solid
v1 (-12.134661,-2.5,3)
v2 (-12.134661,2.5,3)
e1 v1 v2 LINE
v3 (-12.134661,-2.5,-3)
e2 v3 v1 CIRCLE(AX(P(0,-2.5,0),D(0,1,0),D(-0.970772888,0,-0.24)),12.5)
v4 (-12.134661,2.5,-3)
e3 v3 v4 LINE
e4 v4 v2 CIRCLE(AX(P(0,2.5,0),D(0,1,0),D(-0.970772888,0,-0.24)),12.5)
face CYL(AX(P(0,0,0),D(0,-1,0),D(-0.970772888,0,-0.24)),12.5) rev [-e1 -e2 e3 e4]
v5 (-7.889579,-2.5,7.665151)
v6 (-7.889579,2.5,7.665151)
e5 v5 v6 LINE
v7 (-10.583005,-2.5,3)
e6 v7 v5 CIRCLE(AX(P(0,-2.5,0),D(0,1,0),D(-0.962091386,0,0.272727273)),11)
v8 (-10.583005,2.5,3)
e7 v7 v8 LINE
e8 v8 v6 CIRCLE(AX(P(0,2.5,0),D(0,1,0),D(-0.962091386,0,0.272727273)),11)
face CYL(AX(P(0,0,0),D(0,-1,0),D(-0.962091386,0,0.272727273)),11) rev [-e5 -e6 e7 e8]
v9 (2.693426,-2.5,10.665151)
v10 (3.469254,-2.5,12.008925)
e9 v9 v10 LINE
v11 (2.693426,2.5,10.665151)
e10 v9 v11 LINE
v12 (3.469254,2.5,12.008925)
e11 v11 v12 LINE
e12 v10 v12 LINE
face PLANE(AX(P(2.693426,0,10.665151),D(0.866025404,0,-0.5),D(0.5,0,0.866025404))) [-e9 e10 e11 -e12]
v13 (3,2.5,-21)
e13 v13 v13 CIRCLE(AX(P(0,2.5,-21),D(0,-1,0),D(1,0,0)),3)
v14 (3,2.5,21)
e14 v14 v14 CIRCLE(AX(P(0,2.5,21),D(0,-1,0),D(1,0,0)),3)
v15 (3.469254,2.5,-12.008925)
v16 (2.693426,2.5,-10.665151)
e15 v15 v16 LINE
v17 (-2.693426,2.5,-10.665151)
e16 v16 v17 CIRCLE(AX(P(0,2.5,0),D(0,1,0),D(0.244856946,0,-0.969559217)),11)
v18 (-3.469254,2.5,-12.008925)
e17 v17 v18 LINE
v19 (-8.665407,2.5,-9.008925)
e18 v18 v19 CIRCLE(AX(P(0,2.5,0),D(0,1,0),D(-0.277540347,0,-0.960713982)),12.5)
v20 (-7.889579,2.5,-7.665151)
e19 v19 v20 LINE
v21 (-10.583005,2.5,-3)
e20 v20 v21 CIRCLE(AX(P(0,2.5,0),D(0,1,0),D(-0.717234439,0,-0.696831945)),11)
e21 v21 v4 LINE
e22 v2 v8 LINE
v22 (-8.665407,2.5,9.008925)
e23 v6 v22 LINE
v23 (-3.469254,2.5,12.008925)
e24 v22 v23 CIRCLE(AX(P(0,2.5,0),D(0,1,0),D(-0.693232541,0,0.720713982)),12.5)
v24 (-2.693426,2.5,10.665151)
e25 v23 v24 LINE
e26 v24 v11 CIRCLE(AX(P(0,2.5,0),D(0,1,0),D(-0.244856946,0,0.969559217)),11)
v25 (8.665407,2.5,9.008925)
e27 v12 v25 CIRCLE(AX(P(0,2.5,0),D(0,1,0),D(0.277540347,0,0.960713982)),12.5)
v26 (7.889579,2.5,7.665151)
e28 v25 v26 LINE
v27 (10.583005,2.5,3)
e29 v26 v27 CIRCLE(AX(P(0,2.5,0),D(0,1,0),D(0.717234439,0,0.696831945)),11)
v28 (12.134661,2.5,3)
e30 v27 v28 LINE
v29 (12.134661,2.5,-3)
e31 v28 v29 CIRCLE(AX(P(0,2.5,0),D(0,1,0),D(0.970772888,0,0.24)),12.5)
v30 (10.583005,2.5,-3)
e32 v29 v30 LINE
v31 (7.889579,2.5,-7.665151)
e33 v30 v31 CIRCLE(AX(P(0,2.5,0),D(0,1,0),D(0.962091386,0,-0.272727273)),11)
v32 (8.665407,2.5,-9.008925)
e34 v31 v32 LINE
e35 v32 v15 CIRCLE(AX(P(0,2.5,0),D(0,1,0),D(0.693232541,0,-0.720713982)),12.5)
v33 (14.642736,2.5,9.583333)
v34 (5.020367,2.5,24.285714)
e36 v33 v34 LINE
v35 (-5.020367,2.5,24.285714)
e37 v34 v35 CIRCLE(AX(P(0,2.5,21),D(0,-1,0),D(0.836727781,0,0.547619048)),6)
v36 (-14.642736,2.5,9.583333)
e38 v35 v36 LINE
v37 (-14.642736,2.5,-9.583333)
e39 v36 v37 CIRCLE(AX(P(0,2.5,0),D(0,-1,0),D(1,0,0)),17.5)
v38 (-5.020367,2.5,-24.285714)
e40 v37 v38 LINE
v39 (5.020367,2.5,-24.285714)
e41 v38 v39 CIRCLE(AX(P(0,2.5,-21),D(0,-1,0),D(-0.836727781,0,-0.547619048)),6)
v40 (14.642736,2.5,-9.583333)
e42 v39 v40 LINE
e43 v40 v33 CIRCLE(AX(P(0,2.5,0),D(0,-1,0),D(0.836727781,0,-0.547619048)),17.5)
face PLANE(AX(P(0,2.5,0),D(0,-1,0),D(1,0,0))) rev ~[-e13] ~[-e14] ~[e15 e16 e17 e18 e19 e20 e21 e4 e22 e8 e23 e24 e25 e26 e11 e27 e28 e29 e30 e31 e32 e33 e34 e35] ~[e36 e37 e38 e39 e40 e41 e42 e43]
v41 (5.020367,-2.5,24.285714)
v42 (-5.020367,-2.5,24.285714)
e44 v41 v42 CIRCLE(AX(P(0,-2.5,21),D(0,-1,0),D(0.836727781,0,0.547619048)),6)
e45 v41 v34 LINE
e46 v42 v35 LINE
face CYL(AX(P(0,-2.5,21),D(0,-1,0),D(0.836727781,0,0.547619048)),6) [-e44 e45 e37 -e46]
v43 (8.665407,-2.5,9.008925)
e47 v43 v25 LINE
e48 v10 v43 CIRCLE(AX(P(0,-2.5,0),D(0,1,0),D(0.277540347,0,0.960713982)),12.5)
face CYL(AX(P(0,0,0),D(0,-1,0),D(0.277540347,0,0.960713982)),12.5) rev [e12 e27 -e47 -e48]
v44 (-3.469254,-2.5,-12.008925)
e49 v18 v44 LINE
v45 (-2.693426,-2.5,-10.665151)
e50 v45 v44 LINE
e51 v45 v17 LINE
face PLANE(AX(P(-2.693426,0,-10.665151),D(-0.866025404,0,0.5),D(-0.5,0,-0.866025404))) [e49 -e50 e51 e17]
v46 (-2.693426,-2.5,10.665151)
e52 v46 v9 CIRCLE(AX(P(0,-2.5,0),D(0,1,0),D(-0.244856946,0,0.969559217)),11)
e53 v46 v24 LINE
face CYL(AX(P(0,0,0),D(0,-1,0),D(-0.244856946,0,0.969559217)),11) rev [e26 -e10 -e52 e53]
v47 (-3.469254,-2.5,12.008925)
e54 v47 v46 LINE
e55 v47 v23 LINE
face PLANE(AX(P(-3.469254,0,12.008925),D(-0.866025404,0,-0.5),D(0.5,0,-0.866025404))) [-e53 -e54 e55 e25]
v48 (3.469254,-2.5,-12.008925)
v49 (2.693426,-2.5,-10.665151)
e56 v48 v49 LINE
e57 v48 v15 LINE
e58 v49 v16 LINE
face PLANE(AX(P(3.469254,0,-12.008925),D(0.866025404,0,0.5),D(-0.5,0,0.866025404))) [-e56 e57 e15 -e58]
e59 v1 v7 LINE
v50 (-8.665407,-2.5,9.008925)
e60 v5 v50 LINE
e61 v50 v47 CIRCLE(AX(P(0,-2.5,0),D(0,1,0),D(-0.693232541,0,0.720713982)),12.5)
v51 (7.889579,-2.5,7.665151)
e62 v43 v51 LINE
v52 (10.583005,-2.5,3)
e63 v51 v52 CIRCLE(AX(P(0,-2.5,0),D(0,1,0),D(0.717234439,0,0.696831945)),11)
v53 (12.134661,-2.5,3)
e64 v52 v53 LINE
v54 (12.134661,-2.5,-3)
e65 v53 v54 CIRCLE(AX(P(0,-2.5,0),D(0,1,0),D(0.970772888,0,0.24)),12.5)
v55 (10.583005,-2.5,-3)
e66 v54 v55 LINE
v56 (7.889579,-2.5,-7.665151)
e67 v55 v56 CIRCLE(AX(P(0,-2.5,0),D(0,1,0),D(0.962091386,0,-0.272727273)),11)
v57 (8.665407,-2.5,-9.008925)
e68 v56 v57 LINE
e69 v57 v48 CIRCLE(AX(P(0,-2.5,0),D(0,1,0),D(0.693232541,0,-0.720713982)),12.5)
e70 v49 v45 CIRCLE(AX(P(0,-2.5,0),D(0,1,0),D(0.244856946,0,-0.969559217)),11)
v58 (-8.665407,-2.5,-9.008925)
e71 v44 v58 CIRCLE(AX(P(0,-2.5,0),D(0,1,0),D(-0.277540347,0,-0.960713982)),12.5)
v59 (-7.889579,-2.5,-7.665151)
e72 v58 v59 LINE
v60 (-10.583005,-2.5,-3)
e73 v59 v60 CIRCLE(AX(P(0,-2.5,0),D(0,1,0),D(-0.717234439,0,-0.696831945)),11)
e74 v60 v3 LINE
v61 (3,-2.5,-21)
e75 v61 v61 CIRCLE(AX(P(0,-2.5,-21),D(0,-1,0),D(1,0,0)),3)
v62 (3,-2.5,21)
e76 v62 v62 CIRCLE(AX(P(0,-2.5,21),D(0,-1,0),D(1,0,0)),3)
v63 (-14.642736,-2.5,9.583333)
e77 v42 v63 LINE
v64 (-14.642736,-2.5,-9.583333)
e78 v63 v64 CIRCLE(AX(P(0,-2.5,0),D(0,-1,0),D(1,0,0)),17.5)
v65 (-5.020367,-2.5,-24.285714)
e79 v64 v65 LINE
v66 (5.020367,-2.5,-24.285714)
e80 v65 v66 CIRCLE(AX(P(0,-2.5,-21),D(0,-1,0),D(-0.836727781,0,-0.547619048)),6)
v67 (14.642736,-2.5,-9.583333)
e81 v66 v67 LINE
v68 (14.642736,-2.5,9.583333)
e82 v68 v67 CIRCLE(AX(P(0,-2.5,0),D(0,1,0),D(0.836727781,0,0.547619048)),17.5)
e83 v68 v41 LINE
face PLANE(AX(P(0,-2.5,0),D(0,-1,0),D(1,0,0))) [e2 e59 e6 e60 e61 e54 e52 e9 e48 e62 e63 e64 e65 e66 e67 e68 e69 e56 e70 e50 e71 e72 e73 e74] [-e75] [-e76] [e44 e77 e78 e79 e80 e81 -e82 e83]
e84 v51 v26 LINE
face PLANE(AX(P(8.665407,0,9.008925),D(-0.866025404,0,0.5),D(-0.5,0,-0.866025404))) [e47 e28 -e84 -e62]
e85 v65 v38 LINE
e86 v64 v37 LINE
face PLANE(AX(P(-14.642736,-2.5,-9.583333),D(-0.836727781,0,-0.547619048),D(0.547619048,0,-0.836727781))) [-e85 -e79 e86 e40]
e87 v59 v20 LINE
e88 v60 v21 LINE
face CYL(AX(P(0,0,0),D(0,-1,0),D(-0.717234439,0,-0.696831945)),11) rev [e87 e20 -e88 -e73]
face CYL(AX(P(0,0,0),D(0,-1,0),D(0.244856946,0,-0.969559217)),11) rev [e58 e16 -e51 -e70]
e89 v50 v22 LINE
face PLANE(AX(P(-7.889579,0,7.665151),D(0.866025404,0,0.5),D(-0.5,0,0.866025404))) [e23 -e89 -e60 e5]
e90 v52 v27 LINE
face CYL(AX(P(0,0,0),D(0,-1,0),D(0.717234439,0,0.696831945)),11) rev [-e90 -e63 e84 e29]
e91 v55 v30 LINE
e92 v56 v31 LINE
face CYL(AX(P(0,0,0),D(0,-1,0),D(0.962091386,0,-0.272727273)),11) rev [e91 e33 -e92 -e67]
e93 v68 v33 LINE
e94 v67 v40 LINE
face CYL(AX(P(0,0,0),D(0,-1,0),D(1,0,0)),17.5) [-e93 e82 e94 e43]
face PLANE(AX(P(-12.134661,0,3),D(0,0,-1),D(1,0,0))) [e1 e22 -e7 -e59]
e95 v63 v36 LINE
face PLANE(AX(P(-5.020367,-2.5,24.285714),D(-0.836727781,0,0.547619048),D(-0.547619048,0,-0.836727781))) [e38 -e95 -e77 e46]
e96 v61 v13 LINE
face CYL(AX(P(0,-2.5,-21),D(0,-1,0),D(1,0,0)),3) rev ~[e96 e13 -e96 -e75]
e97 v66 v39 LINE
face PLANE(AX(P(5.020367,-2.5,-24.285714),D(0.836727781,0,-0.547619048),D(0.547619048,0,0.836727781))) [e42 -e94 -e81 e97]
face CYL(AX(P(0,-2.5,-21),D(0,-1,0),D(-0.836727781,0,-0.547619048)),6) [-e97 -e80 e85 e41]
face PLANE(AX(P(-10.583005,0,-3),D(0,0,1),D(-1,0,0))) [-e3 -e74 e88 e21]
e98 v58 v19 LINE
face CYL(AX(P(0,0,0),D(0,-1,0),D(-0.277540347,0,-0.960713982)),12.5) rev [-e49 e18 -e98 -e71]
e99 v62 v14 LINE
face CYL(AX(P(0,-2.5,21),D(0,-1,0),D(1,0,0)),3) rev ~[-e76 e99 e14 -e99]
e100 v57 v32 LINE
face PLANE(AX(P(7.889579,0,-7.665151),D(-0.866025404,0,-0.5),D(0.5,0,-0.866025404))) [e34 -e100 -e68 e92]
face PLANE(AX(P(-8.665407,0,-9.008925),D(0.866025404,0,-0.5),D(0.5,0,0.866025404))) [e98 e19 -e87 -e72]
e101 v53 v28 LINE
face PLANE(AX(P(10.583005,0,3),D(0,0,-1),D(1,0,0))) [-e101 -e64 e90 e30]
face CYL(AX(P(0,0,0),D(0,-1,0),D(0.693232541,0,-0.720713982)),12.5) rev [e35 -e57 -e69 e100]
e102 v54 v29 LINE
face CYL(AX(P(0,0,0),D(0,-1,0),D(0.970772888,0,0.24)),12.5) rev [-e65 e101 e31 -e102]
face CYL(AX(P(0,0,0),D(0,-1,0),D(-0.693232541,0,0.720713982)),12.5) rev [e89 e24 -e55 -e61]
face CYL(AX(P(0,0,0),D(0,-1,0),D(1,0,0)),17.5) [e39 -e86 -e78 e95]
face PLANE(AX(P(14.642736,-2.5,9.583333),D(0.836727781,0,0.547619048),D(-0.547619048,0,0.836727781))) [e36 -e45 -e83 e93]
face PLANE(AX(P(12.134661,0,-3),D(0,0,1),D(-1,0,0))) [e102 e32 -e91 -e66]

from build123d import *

# Parameters (mm, degrees)
F0_R     = 17.5
F1_DEPTH = 2.5
F2_R     = 3
F3_DEPTH = 5


with BuildPart() as f1:
    # F0 (on Front) → F1 (new body, symmetric)
    with BuildSketch(Plane.XZ):
        Circle(F0_R)
        with BuildLine():
            ThreePointArc((-3.4692543384, -12.0089247785), (-6.25, -10.8253175473), (-8.6654067611, -9.0089247785))
            Line((-8.6654067611, -9.0089247785), (-7.8895788335, -7.6651513899))
            ThreePointArc((-7.8895788335, -7.6651513899), (-9.5262794416, -5.5), (-10.5830052443, -3))
            Line((-10.5830052443, -3), (-12.1346610995, -3))
            ThreePointArc((-12.1346610995, -3), (-12.5, 0), (-12.1346610995, 3))
            Line((-12.1346610995, 3), (-10.5830052443, 3))
            ThreePointArc((-10.5830052443, 3), (-9.5262794416, 5.5), (-7.8895788335, 7.6651513899))
            Line((-7.8895788335, 7.6651513899), (-8.6654067611, 9.0089247785))
            ThreePointArc((-8.6654067611, 9.0089247785), (-6.25, 10.8253175473), (-3.4692543384, 12.0089247785))
            Line((-3.4692543384, 12.0089247785), (-2.6934264108, 10.6651513899))
            ThreePointArc((-2.6934264108, 10.6651513899), (0, 11), (2.6934264108, 10.6651513899))
            Line((2.6934264108, 10.6651513899), (3.4692543384, 12.0089247785))
            ThreePointArc((3.4692543384, 12.0089247785), (6.25, 10.8253175473), (8.6654067611, 9.0089247785))
            Line((8.6654067611, 9.0089247785), (7.8895788335, 7.6651513899))
            ThreePointArc((7.8895788335, 7.6651513899), (9.5262794416, 5.5), (10.5830052443, 3))
            Line((10.5830052443, 3), (12.1346610995, 3))
            ThreePointArc((12.1346610995, 3), (12.5, 0), (12.1346610995, -3))
            Line((12.1346610995, -3), (10.5830052443, -3))
            ThreePointArc((10.5830052443, -3), (9.5262794416, -5.5), (7.8895788335, -7.6651513899))
            Line((7.8895788335, -7.6651513899), (8.6654067611, -9.0089247785))
            ThreePointArc((8.6654067611, -9.0089247785), (6.25, -10.8253175473), (3.4692543384, -12.0089247785))
            Line((3.4692543384, -12.0089247785), (2.6934264108, -10.6651513899))
            ThreePointArc((2.6934264108, -10.6651513899), (0, -11), (-2.6934264108, -10.6651513899))
            Line((-2.6934264108, -10.6651513899), (-3.4692543384, -12.0089247785))
        make_face(mode=Mode.SUBTRACT)
    extrude(amount=F1_DEPTH, both=True)

    # F2 (on face) → F3 (join, through all)
    with BuildSketch(Plane.XZ.offset(2.5)):
        with BuildLine():
            Line((-5.0203666831, 24.2857142857), (-14.642736159, 9.5833333333))
            ThreePointArc((-14.642736159, 9.5833333333), (0, 17.5), (14.642736159, 9.5833333333))
            Line((14.642736159, 9.5833333333), (5.0203666831, 24.2857142857))
            ThreePointArc((5.0203666831, 24.2857142857), (0, 27), (-5.0203666831, 24.2857142857))
        make_face()
        with Locations((0, 21)):
            Circle(F2_R, mode=Mode.SUBTRACT)
        with BuildLine():
            ThreePointArc((14.642736159, -9.5833333333), (0, -17.5), (-14.642736159, -9.5833333333))
            Line((-14.642736159, -9.5833333333), (-5.0203666831, -24.2857142857))
            ThreePointArc((-5.0203666831, -24.2857142857), (0, -27), (5.0203666831, -24.2857142857))
            Line((5.0203666831, -24.2857142857), (14.642736159, -9.5833333333))
        make_face()
        with Locations((0, -21)):
            Circle(F2_R, mode=Mode.SUBTRACT)
    extrude(amount=-F3_DEPTH)


solid = f1.part
